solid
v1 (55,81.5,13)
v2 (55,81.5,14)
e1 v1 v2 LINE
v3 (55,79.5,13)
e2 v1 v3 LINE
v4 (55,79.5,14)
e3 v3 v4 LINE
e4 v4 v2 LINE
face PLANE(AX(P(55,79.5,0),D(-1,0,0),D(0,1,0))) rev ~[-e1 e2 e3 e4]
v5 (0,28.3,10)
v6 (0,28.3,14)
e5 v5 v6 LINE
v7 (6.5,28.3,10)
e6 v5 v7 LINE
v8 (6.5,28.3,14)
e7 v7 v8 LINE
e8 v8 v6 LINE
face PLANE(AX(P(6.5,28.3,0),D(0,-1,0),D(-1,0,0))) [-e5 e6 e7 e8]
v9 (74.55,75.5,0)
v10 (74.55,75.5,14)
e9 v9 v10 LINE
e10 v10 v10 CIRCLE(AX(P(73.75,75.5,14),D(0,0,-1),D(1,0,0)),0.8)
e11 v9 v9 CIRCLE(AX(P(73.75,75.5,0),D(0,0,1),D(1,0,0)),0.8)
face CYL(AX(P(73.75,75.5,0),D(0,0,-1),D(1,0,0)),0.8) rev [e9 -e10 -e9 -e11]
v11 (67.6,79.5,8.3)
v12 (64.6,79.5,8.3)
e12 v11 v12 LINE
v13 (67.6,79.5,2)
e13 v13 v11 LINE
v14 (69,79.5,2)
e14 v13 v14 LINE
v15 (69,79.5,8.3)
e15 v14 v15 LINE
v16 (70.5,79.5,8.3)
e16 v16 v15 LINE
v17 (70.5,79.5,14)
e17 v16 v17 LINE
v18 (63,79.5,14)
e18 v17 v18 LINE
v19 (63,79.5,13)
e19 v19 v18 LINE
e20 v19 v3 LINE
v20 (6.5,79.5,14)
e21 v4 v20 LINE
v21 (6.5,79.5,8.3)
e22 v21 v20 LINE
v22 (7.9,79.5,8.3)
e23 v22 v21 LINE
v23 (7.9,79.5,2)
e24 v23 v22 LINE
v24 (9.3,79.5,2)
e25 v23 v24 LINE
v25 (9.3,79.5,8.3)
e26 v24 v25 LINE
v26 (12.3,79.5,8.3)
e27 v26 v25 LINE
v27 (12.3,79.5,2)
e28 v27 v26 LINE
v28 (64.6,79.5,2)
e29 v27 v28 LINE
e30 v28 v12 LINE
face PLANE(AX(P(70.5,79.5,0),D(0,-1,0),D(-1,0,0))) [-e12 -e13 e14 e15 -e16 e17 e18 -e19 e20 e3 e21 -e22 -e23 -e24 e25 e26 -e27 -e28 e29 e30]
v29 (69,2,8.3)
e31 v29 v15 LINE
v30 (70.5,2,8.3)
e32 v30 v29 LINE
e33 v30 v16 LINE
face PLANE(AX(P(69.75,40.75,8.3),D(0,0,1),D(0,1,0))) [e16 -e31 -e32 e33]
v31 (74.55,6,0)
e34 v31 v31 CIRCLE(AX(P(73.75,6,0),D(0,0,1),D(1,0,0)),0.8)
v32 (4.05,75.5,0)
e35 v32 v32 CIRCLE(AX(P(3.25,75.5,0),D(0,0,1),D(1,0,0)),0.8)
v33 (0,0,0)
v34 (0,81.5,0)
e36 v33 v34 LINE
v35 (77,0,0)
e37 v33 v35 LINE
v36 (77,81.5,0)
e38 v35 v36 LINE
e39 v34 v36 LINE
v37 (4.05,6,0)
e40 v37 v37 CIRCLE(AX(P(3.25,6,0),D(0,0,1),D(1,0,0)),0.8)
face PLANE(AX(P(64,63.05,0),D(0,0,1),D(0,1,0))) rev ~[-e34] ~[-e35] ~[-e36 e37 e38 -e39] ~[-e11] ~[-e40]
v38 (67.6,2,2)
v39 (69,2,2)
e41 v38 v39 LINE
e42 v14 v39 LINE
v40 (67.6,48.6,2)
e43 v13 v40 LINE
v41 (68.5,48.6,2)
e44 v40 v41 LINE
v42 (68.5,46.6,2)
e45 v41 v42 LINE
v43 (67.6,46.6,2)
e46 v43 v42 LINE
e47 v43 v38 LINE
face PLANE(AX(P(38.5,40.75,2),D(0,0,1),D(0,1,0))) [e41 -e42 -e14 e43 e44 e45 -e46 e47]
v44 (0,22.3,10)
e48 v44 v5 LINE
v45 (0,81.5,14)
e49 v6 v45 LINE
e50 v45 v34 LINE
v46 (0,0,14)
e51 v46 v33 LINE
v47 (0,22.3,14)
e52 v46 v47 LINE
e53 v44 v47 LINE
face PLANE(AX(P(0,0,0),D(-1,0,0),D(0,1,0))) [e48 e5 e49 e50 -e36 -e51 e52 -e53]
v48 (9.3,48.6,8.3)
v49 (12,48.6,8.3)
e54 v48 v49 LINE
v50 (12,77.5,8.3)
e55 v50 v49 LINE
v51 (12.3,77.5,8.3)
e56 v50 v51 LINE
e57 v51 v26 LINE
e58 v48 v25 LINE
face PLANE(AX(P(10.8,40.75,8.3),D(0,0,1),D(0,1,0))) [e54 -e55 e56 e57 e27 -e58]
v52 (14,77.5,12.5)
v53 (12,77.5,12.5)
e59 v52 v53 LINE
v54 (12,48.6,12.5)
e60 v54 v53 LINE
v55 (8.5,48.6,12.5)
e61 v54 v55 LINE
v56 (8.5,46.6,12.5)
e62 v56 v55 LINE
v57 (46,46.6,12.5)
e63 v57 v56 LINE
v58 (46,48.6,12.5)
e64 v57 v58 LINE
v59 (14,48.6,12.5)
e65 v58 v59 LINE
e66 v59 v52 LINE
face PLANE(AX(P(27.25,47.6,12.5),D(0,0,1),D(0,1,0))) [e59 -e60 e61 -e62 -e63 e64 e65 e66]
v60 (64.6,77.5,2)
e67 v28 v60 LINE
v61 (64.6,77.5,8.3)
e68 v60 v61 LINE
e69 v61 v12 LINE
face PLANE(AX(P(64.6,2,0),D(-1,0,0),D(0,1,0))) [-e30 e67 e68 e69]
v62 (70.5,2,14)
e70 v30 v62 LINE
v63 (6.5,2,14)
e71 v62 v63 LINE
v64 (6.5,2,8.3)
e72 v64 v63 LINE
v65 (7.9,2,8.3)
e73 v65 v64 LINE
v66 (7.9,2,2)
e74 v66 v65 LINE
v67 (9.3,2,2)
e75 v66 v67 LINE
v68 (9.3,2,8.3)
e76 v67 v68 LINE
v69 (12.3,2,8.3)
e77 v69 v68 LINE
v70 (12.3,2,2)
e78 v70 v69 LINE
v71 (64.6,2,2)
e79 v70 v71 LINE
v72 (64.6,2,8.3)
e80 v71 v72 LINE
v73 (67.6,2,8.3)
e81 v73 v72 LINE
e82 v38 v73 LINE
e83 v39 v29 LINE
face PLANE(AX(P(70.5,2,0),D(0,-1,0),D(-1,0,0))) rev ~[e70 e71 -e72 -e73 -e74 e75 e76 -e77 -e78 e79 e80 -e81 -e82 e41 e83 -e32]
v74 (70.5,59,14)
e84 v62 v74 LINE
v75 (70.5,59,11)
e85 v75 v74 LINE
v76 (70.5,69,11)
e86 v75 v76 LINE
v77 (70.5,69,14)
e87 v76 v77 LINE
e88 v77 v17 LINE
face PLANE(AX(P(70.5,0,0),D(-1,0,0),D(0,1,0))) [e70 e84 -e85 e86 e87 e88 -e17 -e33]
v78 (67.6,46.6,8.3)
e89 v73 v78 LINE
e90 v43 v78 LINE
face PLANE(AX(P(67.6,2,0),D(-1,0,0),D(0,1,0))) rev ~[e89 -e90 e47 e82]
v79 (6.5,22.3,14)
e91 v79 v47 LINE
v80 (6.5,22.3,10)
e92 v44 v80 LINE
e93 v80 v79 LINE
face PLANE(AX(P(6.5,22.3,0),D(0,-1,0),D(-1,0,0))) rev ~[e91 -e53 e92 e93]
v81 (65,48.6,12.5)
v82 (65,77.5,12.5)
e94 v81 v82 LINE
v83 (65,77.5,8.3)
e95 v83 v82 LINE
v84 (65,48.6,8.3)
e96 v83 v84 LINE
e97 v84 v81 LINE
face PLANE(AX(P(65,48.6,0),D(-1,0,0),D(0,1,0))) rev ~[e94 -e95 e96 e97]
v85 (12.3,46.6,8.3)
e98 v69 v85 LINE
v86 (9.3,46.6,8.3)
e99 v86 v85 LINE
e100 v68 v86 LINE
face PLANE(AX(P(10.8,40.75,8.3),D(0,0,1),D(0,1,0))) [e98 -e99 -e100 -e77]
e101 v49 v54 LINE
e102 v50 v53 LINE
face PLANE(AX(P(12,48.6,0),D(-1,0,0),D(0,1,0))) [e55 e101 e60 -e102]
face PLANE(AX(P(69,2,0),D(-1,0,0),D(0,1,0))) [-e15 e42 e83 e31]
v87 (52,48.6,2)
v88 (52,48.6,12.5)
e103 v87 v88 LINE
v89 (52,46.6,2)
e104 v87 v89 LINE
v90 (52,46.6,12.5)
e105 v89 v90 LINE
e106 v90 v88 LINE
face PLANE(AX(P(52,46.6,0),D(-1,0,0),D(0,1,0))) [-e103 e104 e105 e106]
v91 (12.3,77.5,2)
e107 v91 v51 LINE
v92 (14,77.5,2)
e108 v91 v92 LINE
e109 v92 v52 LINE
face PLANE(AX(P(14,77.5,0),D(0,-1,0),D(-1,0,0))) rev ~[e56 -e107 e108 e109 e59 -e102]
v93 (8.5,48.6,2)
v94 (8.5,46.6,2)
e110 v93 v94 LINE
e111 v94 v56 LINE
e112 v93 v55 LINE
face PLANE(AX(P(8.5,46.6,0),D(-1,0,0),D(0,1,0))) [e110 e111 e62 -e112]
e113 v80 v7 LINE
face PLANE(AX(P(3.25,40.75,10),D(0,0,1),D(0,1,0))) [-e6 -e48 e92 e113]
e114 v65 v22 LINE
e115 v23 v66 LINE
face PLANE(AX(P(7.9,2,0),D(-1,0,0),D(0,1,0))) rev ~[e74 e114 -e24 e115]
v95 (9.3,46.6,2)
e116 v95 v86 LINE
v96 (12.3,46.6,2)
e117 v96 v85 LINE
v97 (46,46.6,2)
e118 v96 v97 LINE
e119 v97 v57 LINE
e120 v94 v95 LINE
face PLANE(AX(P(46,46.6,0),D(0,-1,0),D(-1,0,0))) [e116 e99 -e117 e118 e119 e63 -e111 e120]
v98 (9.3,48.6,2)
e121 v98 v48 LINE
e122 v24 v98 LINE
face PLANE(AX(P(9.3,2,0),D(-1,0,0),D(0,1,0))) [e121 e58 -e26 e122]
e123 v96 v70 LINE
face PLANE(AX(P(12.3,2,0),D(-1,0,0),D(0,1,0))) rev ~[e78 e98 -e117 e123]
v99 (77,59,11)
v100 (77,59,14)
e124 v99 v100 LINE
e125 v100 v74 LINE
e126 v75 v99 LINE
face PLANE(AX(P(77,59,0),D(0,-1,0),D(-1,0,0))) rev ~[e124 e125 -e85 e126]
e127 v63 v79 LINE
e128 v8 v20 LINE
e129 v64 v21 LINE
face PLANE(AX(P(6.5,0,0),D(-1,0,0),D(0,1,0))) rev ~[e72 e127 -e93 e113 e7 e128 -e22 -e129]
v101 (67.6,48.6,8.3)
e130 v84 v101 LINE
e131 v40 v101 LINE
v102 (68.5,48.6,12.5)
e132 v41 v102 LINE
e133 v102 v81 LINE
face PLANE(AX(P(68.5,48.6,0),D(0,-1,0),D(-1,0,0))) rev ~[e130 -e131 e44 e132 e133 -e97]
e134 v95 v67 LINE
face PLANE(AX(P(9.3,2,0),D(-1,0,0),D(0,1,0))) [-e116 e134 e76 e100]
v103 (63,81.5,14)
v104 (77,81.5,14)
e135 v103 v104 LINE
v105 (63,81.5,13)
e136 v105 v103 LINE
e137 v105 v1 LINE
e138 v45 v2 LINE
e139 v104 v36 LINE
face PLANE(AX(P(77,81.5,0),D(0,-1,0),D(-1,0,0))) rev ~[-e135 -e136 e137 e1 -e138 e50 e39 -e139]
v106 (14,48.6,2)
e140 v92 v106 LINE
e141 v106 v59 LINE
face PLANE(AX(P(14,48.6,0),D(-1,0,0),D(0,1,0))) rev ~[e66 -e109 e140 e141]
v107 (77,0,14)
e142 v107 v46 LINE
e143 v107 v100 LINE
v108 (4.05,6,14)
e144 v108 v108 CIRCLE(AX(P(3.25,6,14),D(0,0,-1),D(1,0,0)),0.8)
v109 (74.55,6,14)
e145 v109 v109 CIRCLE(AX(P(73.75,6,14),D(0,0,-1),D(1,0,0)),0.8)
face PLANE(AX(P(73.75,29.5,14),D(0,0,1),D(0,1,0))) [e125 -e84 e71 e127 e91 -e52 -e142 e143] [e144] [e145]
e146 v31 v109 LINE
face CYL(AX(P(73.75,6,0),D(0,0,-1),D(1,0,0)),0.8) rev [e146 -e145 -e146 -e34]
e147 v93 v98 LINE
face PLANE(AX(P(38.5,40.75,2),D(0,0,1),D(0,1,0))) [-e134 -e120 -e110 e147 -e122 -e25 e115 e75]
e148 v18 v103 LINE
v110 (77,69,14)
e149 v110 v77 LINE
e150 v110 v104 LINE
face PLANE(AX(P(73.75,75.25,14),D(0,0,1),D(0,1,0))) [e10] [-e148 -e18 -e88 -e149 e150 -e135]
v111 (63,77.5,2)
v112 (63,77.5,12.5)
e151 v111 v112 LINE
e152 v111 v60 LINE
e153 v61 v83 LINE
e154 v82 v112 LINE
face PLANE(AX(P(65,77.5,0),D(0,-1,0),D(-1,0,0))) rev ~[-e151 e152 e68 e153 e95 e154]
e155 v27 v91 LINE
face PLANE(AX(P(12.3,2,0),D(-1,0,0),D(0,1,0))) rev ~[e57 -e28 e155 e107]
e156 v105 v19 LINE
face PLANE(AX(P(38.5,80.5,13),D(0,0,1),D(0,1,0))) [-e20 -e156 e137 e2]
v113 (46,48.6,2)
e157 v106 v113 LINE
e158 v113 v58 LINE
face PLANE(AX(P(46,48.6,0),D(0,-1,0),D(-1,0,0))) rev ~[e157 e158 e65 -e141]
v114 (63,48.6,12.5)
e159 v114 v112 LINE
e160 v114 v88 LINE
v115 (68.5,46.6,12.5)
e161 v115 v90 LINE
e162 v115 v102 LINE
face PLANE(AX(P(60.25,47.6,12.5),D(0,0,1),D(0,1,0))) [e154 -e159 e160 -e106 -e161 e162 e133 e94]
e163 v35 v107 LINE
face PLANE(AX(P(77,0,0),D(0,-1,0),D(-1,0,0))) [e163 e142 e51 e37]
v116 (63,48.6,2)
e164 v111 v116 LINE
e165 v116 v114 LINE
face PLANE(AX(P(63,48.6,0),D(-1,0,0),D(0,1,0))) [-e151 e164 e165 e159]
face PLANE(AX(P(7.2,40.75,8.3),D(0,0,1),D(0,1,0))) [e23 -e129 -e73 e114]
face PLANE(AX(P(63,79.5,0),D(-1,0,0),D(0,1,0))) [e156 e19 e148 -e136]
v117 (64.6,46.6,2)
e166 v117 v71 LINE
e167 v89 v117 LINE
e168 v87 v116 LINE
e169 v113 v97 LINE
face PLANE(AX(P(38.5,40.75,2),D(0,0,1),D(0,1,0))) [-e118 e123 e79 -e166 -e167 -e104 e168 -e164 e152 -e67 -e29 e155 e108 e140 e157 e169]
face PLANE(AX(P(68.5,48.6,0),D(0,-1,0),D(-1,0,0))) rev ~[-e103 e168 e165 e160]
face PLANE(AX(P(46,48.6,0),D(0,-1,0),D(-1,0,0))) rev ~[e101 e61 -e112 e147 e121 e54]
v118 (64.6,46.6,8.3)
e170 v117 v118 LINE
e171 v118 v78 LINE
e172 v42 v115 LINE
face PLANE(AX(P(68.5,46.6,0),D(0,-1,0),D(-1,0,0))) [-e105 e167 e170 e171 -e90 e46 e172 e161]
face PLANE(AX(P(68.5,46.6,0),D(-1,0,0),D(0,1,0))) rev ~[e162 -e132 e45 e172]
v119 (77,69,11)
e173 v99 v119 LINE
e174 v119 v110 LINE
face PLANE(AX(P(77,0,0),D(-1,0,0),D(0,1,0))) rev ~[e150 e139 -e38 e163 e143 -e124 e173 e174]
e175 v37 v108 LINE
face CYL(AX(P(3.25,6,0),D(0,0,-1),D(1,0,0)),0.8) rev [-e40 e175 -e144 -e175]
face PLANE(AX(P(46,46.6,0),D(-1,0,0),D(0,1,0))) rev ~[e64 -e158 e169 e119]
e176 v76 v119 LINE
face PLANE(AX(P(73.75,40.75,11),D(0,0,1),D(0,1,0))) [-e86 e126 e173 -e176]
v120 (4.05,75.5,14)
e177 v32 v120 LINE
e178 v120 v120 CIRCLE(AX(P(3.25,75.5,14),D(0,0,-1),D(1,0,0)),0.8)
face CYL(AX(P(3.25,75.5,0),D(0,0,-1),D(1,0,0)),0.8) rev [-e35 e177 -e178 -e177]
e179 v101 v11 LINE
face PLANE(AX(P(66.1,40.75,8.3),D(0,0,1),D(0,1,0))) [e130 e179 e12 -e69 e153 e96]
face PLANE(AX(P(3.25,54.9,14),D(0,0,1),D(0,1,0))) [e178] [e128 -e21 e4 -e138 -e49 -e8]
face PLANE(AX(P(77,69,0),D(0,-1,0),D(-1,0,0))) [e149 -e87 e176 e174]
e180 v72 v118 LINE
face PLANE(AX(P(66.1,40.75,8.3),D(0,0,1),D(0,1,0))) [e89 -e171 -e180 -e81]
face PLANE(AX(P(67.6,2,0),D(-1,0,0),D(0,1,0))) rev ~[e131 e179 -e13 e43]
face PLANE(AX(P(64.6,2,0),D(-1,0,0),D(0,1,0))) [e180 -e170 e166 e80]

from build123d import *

# Parameters (mm, degrees)
SKETCH1_W            = 81.5
SKETCH1_H            = 77
BOSS_EXTRUDE1_DEPTH  = 2
SKETCH2_W            = 81.5
SKETCH2_H            = 6.5
BOSS_EXTRUDE2_DEPTH  = 10
SKETCH3_W            = 22.3
SKETCH3_H            = 6.5
BOSS_EXTRUDE3_DEPTH  = 14
SKETCH4_W            = 53.2
SKETCH4_H            = 6.5
BOSS_EXTRUDE4_DEPTH  = 14
SKETCH5_W            = 81.5
SKETCH5_H            = 6.5
BOSS_EXTRUDE5_DEPTH  = 11
SKETCH6_W            = 59
SKETCH6_H            = 6.5
BOSS_EXTRUDE6_DEPTH  = 14
SKETCH7_W            = 12.5
SKETCH7_H            = 6.5
BOSS_EXTRUDE7_DEPTH  = 14
SKETCH8_W            = 2
SKETCH8_H            = 64
BOSS_EXTRUDE8_DEPTH  = 14
SKETCH9_W            = 2
SKETCH9_H            = 64
BOSS_EXTRUDE9_DEPTH  = 13
SKETCH10_W           = 2
SKETCH10_H           = 48.5
BOSS_EXTRUDE10_DEPTH = 14
SKETCH11_W           = 2
SKETCH11_H           = 7.5
BOSS_EXTRUDE11_DEPTH = 14
SKETCH12_W           = 77.5
SKETCH12_H           = 1.4
BOSS_EXTRUDE12_DEPTH = 8.3
SKETCH13_W           = 77.5
SKETCH13_H           = 3
BOSS_EXTRUDE13_DEPTH = 8.3
SKETCH14_W           = 77.5
SKETCH14_H           = 3
BOSS_EXTRUDE14_DEPTH = 8.3
SKETCH15_W           = 77.5
SKETCH15_H           = 1.5
BOSS_EXTRUDE15_DEPTH = 8.3
SKETCH16_W           = 2
SKETCH16_H           = 37.5
BOSS_EXTRUDE16_DEPTH = 12.5
SKETCH17_W           = 2
SKETCH17_H           = 16.5
BOSS_EXTRUDE17_DEPTH = 12.5
SKETCH18_W           = 28.9
SKETCH18_H           = 2
BOSS_EXTRUDE18_DEPTH = 12.5
SKETCH19_W           = 28.9
SKETCH19_H           = 2
BOSS_EXTRUDE19_DEPTH = 12.5
SKETCH20_R           = 0.8
CUT_EXTRUDE1_DEPTH   = 20
SKETCH21_R           = 0.8
CUT_EXTRUDE2_DEPTH   = 20
SKETCH22_R           = 0.8
CUT_EXTRUDE3_DEPTH   = 20
SKETCH23_R           = 0.8
CUT_EXTRUDE4_DEPTH   = 20


with BuildPart() as part:
    # Sketch1 → Boss-Extrude1 (new body)
    with BuildSketch(Plane(origin=(0, 0, 0), x_dir=(0, 1, 0), z_dir=(0, 0, 1))):
        with Locations((40.75, -38.5)):
            Rectangle(SKETCH1_W, SKETCH1_H)
    extrude(amount=BOSS_EXTRUDE1_DEPTH)

    # Sketch2 → Boss-Extrude2 (add)
    with BuildSketch(Plane(origin=(0, 0, 0), x_dir=(0, 1, 0), z_dir=(0, 0, 1))):
        with Locations((40.75, -3.25)):
            Rectangle(SKETCH2_W, SKETCH2_H)
    extrude(amount=BOSS_EXTRUDE2_DEPTH)

    # Sketch3 → Boss-Extrude3 (add)
    with BuildSketch(Plane(origin=(0, 0, 0), x_dir=(0, 1, 0), z_dir=(0, 0, 1))):
        with Locations((11.15, -3.25)):
            Rectangle(SKETCH3_W, SKETCH3_H)
    extrude(amount=BOSS_EXTRUDE3_DEPTH)

    # Sketch4 → Boss-Extrude4 (add)
    with BuildSketch(Plane(origin=(0, 0, 0), x_dir=(0, 1, 0), z_dir=(0, 0, 1))):
        with Locations((54.9, -3.25)):
            Rectangle(SKETCH4_W, SKETCH4_H)
    extrude(amount=BOSS_EXTRUDE4_DEPTH)

    # Sketch5 → Boss-Extrude5 (add)
    with BuildSketch(Plane(origin=(0, 0, 0), x_dir=(0, 1, 0), z_dir=(0, 0, 1))):
        with Locations((40.75, -73.75)):
            Rectangle(SKETCH5_W, SKETCH5_H)
    extrude(amount=BOSS_EXTRUDE5_DEPTH)

    # Sketch6 → Boss-Extrude6 (add)
    with BuildSketch(Plane(origin=(0, 0, 0), x_dir=(0, 1, 0), z_dir=(0, 0, 1))):
        with Locations((29.5, -73.75)):
            Rectangle(SKETCH6_W, SKETCH6_H)
    extrude(amount=BOSS_EXTRUDE6_DEPTH)

    # Sketch7 → Boss-Extrude7 (add)
    with BuildSketch(Plane(origin=(0, 0, 0), x_dir=(0, 1, 0), z_dir=(0, 0, 1))):
        with Locations((75.25, -73.75)):
            Rectangle(SKETCH7_W, SKETCH7_H)
    extrude(amount=BOSS_EXTRUDE7_DEPTH)

    # Sketch8 → Boss-Extrude8 (add)
    with BuildSketch(Plane(origin=(0, 0, 0), x_dir=(0, 1, 0), z_dir=(0, 0, 1))):
        with Locations((1, -38.5)):
            Rectangle(SKETCH8_W, SKETCH8_H)
    extrude(amount=BOSS_EXTRUDE8_DEPTH)

    # Sketch9 → Boss-Extrude9 (add)
    with BuildSketch(Plane(origin=(0, 0, 0), x_dir=(0, 1, 0), z_dir=(0, 0, 1))):
        with Locations((80.5, -38.5)):
            Rectangle(SKETCH9_W, SKETCH9_H)
    extrude(amount=BOSS_EXTRUDE9_DEPTH)

    # Sketch10 → Boss-Extrude10 (add)
    with BuildSketch(Plane(origin=(0, 0, 0), x_dir=(0, 1, 0), z_dir=(0, 0, 1))):
        with Locations((80.5, -30.75)):
            Rectangle(SKETCH10_W, SKETCH10_H)
    extrude(amount=BOSS_EXTRUDE10_DEPTH)

    # Sketch11 → Boss-Extrude11 (add)
    with BuildSketch(Plane(origin=(0, 0, 0), x_dir=(0, 1, 0), z_dir=(0, 0, 1))):
        with Locations((80.5, -66.75)):
            Rectangle(SKETCH11_W, SKETCH11_H)
    extrude(amount=BOSS_EXTRUDE11_DEPTH)

    # Sketch12 → Boss-Extrude12 (add)
    with BuildSketch(Plane(origin=(0, 0, 0), x_dir=(0, 1, 0), z_dir=(0, 0, 1))):
        with Locations((40.75, -7.2)):
            Rectangle(SKETCH12_W, SKETCH12_H)
    extrude(amount=BOSS_EXTRUDE12_DEPTH)

    # Sketch13 → Boss-Extrude13 (add)
    with BuildSketch(Plane(origin=(0, 0, 0), x_dir=(0, 1, 0), z_dir=(0, 0, 1))):
        with Locations((40.75, -10.8)):
            Rectangle(SKETCH13_W, SKETCH13_H)
    extrude(amount=BOSS_EXTRUDE13_DEPTH)

    # Sketch14 → Boss-Extrude14 (add)
    with BuildSketch(Plane(origin=(0, 0, 0), x_dir=(0, 1, 0), z_dir=(0, 0, 1))):
        with Locations((40.75, -66.1)):
            Rectangle(SKETCH14_W, SKETCH14_H)
    extrude(amount=BOSS_EXTRUDE14_DEPTH)

    # Sketch15 → Boss-Extrude15 (add)
    with BuildSketch(Plane(origin=(0, 0, 0), x_dir=(0, 1, 0), z_dir=(0, 0, 1))):
        with Locations((40.75, -69.75)):
            Rectangle(SKETCH15_W, SKETCH15_H)
    extrude(amount=BOSS_EXTRUDE15_DEPTH)

    # Sketch16 → Boss-Extrude16 (add)
    with BuildSketch(Plane(origin=(0, 0, 0), x_dir=(0, 1, 0), z_dir=(0, 0, 1))):
        with Locations((47.6, -27.25)):
            Rectangle(SKETCH16_W, SKETCH16_H)
    extrude(amount=BOSS_EXTRUDE16_DEPTH)

    # Sketch17 → Boss-Extrude17 (add)
    with BuildSketch(Plane(origin=(0, 0, 0), x_dir=(0, 1, 0), z_dir=(0, 0, 1))):
        with Locations((47.6, -60.25)):
            Rectangle(SKETCH17_W, SKETCH17_H)
    extrude(amount=BOSS_EXTRUDE17_DEPTH)

    # Sketch18 → Boss-Extrude18 (add)
    with BuildSketch(Plane(origin=(0, 0, 0), x_dir=(0, 1, 0), z_dir=(0, 0, 1))):
        with Locations((63.05, -13)):
            Rectangle(SKETCH18_W, SKETCH18_H)
    extrude(amount=BOSS_EXTRUDE18_DEPTH)

    # Sketch19 → Boss-Extrude19 (add)
    with BuildSketch(Plane(origin=(0, 0, 0), x_dir=(0, 1, 0), z_dir=(0, 0, 1))):
        with Locations((63.05, -64)):
            Rectangle(SKETCH19_W, SKETCH19_H)
    extrude(amount=BOSS_EXTRUDE19_DEPTH)

    # Sketch20 → Cut-Extrude1 (cut)
    with BuildSketch(Plane(origin=(0, 0, 0), x_dir=(0, 1, 0), z_dir=(0, 0, 1))):
        with Locations(Location((6, -3.25, 0), (0, 0, 270))):
            Circle(SKETCH20_R)
    extrude(amount=CUT_EXTRUDE1_DEPTH, mode=Mode.SUBTRACT)

    # Sketch21 → Cut-Extrude2 (cut)
    with BuildSketch(Plane(origin=(0, 0, 0), x_dir=(0, 1, 0), z_dir=(0, 0, 1))):
        with Locations(Location((75.5, -3.25, 0), (0, 0, 270))):
            Circle(SKETCH21_R)
    extrude(amount=CUT_EXTRUDE2_DEPTH, mode=Mode.SUBTRACT)

    # Sketch22 → Cut-Extrude3 (cut)
    with BuildSketch(Plane(origin=(0, 0, 0), x_dir=(0, 1, 0), z_dir=(0, 0, 1))):
        with Locations(Location((6, -73.75, 0), (0, 0, 270))):
            Circle(SKETCH22_R)
    extrude(amount=CUT_EXTRUDE3_DEPTH, mode=Mode.SUBTRACT)

    # Sketch23 → Cut-Extrude4 (cut)
    with BuildSketch(Plane(origin=(0, 0, 0), x_dir=(0, 1, 0), z_dir=(0, 0, 1))):
        with Locations(Location((75.5, -73.75, 0), (0, 0, 270))):
            Circle(SKETCH23_R)
    extrude(amount=CUT_EXTRUDE4_DEPTH, mode=Mode.SUBTRACT)


solid = part.part
